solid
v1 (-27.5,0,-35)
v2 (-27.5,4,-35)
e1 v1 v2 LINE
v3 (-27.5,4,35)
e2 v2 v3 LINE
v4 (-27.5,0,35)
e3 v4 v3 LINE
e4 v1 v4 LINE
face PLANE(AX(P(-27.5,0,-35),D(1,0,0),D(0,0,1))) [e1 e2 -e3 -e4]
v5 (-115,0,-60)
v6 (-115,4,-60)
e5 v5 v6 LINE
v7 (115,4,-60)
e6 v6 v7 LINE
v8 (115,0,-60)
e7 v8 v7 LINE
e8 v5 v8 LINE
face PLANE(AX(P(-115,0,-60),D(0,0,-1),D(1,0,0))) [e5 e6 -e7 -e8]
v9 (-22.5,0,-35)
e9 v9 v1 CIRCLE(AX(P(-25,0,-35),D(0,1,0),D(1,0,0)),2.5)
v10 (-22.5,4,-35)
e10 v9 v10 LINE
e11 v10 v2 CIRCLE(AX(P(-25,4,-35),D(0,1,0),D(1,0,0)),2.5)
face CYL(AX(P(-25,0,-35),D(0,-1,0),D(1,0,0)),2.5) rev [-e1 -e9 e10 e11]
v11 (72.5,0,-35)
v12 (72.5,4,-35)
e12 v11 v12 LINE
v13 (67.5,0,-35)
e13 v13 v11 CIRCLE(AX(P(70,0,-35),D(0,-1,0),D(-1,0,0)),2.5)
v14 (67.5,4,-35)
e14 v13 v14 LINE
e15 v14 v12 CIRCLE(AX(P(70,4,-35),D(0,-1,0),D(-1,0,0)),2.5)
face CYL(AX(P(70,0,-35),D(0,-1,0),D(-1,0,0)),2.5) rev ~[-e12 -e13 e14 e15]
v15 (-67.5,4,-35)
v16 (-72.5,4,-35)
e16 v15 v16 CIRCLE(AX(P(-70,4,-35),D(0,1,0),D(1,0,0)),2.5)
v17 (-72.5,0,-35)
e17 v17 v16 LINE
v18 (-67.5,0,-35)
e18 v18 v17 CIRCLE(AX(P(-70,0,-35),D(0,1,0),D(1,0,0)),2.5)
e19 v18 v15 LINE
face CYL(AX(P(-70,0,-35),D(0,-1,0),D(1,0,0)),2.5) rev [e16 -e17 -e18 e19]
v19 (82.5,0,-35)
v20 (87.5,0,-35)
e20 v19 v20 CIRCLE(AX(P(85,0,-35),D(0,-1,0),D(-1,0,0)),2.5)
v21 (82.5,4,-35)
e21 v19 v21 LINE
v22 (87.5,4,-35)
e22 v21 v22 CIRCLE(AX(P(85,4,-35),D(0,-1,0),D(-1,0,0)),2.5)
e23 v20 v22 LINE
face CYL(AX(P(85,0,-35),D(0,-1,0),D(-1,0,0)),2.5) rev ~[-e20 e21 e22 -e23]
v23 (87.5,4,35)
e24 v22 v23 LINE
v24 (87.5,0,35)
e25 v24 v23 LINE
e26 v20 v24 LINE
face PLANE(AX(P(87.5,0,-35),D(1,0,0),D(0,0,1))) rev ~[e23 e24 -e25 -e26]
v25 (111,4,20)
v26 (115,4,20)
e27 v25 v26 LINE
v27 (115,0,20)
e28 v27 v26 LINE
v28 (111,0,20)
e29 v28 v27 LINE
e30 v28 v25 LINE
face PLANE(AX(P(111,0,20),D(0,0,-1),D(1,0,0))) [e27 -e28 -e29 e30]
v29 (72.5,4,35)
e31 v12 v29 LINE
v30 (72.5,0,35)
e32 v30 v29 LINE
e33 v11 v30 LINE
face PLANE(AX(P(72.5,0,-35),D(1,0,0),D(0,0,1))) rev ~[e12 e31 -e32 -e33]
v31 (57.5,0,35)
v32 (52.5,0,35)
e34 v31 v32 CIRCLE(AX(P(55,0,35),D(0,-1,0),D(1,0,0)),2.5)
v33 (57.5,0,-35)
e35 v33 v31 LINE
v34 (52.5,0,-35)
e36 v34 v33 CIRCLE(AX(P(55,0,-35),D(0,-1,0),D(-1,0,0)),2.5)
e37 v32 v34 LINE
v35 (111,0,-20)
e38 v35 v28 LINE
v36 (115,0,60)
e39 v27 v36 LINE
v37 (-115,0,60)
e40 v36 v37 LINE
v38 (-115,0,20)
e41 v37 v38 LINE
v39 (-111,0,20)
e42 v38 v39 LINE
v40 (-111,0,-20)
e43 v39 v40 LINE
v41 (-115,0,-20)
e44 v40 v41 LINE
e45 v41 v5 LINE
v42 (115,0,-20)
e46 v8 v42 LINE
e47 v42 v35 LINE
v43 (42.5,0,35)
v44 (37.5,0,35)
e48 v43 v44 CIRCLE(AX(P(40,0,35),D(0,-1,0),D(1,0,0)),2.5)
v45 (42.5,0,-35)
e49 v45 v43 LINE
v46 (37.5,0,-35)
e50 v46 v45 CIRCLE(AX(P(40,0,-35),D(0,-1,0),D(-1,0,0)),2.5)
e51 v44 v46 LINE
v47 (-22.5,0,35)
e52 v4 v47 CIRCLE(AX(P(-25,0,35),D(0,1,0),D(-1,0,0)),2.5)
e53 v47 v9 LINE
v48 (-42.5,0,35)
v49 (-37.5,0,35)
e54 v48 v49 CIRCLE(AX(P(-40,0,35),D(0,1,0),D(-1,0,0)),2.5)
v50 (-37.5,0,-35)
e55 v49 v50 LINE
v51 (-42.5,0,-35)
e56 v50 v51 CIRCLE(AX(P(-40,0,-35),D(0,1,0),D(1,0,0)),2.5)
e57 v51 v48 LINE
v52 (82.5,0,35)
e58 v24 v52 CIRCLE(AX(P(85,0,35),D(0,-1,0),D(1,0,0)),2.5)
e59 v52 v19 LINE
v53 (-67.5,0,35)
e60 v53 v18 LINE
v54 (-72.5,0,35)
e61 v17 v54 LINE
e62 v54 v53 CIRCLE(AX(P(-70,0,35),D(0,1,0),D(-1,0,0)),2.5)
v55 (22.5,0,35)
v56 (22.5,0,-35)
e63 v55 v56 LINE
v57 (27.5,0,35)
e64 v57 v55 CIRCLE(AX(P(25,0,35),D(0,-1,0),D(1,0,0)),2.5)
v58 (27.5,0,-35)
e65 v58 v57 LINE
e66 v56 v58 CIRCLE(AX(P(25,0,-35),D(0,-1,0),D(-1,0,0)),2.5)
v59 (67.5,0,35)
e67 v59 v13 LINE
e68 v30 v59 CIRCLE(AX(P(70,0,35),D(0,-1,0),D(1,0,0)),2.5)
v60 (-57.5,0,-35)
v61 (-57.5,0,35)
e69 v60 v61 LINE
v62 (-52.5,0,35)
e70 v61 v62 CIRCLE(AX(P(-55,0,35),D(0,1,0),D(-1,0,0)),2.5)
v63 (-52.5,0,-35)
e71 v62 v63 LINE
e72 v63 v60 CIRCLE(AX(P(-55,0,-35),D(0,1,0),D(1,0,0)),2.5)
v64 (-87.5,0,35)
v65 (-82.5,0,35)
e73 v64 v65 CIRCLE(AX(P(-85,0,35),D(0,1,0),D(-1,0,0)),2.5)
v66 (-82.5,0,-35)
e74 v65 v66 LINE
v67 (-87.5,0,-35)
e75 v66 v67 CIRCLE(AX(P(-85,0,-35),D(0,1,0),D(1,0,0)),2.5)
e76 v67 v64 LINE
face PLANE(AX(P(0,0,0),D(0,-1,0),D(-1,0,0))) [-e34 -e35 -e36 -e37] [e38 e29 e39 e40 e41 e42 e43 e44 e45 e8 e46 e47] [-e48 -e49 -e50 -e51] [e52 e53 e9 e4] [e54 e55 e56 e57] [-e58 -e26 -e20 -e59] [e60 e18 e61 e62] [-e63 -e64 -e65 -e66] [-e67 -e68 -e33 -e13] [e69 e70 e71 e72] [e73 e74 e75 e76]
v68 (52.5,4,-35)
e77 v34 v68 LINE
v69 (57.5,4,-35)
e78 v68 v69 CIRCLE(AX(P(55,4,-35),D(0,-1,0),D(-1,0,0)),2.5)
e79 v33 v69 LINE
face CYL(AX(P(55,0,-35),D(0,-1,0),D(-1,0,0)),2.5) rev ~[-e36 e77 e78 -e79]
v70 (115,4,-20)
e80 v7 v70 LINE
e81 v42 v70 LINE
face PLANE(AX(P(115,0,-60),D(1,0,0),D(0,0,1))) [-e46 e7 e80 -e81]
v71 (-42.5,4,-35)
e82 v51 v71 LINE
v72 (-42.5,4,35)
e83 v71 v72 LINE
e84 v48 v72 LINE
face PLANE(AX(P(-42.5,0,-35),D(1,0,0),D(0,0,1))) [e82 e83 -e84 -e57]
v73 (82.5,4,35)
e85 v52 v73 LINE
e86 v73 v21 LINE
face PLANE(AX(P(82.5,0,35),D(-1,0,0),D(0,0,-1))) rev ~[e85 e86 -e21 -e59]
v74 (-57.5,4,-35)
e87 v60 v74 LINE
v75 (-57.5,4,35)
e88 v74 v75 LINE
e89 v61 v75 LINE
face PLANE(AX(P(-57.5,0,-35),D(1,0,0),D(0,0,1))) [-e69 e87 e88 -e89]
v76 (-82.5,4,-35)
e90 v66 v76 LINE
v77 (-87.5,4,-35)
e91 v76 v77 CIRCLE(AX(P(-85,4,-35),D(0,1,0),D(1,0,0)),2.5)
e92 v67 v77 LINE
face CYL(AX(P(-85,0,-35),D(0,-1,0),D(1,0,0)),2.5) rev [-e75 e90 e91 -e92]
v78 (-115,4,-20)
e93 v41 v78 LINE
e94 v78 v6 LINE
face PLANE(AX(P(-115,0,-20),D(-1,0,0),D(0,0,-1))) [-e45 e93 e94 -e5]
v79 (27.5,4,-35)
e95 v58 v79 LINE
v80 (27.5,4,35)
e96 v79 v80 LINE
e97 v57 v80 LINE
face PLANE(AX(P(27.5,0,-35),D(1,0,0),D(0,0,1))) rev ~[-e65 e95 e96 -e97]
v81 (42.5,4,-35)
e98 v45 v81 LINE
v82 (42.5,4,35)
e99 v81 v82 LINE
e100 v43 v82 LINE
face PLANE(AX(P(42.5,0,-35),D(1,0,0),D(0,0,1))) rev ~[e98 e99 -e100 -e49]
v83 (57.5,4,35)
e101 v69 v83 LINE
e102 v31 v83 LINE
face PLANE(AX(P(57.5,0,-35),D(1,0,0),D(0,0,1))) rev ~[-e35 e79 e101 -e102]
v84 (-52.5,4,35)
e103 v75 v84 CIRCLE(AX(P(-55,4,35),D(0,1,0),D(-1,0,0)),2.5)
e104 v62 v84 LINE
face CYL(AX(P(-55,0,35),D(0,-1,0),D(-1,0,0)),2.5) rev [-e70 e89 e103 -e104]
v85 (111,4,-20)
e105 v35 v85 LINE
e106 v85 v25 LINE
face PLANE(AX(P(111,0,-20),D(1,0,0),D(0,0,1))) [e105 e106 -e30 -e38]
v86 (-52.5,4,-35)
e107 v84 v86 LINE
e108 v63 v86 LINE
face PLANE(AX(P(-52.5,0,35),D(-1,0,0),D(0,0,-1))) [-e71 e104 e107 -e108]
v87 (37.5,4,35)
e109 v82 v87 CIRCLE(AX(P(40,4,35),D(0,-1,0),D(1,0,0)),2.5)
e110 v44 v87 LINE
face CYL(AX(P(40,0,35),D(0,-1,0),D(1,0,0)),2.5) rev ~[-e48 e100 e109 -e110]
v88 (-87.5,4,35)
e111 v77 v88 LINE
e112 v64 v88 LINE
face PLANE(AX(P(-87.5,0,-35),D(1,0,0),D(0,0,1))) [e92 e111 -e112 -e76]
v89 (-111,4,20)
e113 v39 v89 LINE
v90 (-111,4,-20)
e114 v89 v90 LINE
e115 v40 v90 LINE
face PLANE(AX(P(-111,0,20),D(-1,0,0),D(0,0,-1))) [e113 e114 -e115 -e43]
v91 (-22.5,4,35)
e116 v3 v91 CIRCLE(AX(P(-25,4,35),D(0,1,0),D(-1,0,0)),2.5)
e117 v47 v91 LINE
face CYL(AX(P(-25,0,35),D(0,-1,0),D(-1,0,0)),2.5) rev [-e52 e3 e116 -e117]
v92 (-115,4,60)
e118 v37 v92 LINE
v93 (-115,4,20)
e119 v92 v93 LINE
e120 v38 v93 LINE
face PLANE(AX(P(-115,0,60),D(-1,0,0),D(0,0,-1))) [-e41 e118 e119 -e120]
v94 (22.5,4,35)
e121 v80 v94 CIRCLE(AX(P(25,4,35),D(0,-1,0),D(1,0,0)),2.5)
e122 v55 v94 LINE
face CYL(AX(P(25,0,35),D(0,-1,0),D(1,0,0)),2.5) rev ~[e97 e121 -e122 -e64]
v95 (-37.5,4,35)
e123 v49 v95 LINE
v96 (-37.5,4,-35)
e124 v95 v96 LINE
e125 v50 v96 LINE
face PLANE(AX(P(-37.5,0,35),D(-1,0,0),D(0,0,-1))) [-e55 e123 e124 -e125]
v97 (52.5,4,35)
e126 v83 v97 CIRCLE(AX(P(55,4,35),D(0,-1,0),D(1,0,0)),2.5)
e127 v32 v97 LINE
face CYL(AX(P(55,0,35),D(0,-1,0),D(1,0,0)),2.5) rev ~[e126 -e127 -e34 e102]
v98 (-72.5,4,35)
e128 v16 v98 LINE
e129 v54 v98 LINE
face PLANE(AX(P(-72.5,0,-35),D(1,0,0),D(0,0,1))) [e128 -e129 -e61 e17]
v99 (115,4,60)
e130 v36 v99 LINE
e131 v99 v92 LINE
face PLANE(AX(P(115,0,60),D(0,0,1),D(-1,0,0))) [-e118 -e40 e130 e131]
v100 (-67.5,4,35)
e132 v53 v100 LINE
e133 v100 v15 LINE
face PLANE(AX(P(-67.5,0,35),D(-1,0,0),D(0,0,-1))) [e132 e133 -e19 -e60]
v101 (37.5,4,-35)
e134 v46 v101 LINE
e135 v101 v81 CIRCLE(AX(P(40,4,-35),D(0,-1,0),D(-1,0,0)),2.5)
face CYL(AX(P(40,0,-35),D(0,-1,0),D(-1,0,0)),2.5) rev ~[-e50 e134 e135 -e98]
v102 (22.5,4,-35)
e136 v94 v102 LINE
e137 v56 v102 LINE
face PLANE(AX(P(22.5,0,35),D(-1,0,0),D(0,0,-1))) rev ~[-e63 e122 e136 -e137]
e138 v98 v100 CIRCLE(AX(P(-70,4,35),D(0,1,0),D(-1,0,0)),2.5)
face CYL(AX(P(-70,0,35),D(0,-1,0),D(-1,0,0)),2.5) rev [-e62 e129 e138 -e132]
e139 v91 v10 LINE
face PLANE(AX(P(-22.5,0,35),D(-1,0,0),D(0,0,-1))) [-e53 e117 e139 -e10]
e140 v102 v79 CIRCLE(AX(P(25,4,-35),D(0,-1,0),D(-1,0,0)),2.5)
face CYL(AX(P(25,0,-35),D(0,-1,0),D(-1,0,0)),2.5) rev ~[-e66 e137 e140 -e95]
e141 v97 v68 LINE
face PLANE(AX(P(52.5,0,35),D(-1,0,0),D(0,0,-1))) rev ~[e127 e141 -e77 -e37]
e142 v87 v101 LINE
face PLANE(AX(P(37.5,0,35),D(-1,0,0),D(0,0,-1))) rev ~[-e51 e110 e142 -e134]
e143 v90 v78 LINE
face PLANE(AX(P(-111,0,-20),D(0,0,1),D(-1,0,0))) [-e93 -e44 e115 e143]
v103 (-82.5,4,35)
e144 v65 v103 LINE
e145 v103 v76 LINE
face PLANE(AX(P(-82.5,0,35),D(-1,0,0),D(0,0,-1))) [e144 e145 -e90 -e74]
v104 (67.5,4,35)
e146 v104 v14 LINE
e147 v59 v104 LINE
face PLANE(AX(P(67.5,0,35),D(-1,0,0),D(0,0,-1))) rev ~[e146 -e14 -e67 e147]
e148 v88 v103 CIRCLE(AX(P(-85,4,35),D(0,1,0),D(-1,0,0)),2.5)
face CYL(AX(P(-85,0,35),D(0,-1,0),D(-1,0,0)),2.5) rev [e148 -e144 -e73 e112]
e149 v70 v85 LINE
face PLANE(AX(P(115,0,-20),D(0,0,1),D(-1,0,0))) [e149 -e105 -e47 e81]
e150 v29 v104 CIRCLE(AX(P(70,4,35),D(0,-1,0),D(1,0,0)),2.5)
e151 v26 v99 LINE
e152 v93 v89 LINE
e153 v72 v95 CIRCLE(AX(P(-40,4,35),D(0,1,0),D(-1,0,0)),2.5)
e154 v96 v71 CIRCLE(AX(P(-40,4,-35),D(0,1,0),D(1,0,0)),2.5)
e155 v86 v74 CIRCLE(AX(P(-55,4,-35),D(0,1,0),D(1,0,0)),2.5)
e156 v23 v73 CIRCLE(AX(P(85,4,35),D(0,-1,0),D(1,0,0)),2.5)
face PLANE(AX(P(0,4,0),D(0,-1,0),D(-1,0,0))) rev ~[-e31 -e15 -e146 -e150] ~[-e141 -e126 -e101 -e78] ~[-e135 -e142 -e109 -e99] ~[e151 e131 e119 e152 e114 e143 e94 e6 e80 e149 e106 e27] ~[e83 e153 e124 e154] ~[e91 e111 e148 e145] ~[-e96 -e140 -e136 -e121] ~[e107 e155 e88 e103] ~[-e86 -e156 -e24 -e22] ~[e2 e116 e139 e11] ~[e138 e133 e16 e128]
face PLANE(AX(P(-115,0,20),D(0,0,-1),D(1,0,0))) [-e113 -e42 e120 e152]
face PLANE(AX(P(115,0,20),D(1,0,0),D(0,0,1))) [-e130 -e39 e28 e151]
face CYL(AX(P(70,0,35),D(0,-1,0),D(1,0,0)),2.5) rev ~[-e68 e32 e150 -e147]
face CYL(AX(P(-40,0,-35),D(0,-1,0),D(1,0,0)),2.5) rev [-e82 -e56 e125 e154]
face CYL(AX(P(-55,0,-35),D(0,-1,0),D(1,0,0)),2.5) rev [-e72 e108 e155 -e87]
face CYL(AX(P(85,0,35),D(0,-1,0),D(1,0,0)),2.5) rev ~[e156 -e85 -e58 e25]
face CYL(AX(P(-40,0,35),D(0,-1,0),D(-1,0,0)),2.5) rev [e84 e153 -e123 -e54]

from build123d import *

# Parameters (mm, degrees)
BOSS_EXTRUDE1_DEPTH = 4
CUT_EXTRUDE1_DEPTH  = 4


with BuildPart() as part:
    # Sketch1 → Boss-Extrude1 (new body)
    with BuildSketch(Plane(origin=(0, 0, 0), x_dir=(1, 0, 0), z_dir=(0, 1, 0))):
        Polygon((-115, 60), (115, 60), (115, 20), (111, 20), (111, -20), (115, -20), (115, -60), (-115, -60), (-115, -20), (-111, -20), (-111, 20), (-115, 20), align=None)
    extrude(amount=BOSS_EXTRUDE1_DEPTH)

    # Sketch2 → Cut-Extrude1 (cut)
    with BuildSketch(Plane.XZ):
        with BuildLine():
            Line((-87.5, -35), (-87.5, 35))
            ThreePointArc((-87.5, 35), (-85, 37.5), (-82.5, 35))
            Line((-82.5, 35), (-82.5, -35))
            ThreePointArc((-82.5, -35), (-85, -37.5), (-87.5, -35))
        make_face()
        with BuildLine():
            Line((-72.5, -35), (-72.5, 35))
            ThreePointArc((-72.5, 35), (-70, 37.5), (-67.5, 35))
            Line((-67.5, 35), (-67.5, -35))
            ThreePointArc((-67.5, -35), (-70, -37.5), (-72.5, -35))
        make_face()
        with BuildLine():
            Line((-57.5, -35), (-57.5, 35))
            ThreePointArc((-57.5, 35), (-55, 37.5), (-52.5, 35))
            Line((-52.5, 35), (-52.5, -35))
            ThreePointArc((-52.5, -35), (-55, -37.5), (-57.5, -35))
        make_face()
        with BuildLine():
            Line((-42.5, -35), (-42.5, 35))
            ThreePointArc((-42.5, 35), (-40, 37.5), (-37.5, 35))
            Line((-37.5, 35), (-37.5, -35))
            ThreePointArc((-37.5, -35), (-40, -37.5), (-42.5, -35))
        make_face()
        with BuildLine():
            Line((-27.5, -35), (-27.5, 35))
            ThreePointArc((-27.5, 35), (-25, 37.5), (-22.5, 35))
            Line((-22.5, 35), (-22.5, -35))
            ThreePointArc((-22.5, -35), (-25, -37.5), (-27.5, -35))
        make_face()
        with BuildLine():
            Line((87.5, -35), (87.5, 35))
            ThreePointArc((87.5, 35), (85, 37.5), (82.5, 35))
            Line((82.5, 35), (82.5, -35))
            ThreePointArc((82.5, -35), (85, -37.5), (87.5, -35))
        make_face()
        with BuildLine():
            Line((72.5, -35), (72.5, 35))
            ThreePointArc((72.5, 35), (70, 37.5), (67.5, 35))
            Line((67.5, 35), (67.5, -35))
            ThreePointArc((67.5, -35), (70, -37.5), (72.5, -35))
        make_face()
        with BuildLine():
            Line((57.5, -35), (57.5, 35))
            ThreePointArc((57.5, 35), (55, 37.5), (52.5, 35))
            Line((52.5, 35), (52.5, -35))
            ThreePointArc((52.5, -35), (55, -37.5), (57.5, -35))
        make_face()
        with BuildLine():
            Line((42.5, -35), (42.5, 35))
            ThreePointArc((42.5, 35), (40, 37.5), (37.5, 35))
            Line((37.5, 35), (37.5, -35))
            ThreePointArc((37.5, -35), (40, -37.5), (42.5, -35))
        make_face()
        with BuildLine():
            Line((27.5, -35), (27.5, 35))
            ThreePointArc((27.5, 35), (25, 37.5), (22.5, 35))
            Line((22.5, 35), (22.5, -35))
            ThreePointArc((22.5, -35), (25, -37.5), (27.5, -35))
        make_face()
    extrude(amount=-CUT_EXTRUDE1_DEPTH, mode=Mode.SUBTRACT)


solid = part.part
